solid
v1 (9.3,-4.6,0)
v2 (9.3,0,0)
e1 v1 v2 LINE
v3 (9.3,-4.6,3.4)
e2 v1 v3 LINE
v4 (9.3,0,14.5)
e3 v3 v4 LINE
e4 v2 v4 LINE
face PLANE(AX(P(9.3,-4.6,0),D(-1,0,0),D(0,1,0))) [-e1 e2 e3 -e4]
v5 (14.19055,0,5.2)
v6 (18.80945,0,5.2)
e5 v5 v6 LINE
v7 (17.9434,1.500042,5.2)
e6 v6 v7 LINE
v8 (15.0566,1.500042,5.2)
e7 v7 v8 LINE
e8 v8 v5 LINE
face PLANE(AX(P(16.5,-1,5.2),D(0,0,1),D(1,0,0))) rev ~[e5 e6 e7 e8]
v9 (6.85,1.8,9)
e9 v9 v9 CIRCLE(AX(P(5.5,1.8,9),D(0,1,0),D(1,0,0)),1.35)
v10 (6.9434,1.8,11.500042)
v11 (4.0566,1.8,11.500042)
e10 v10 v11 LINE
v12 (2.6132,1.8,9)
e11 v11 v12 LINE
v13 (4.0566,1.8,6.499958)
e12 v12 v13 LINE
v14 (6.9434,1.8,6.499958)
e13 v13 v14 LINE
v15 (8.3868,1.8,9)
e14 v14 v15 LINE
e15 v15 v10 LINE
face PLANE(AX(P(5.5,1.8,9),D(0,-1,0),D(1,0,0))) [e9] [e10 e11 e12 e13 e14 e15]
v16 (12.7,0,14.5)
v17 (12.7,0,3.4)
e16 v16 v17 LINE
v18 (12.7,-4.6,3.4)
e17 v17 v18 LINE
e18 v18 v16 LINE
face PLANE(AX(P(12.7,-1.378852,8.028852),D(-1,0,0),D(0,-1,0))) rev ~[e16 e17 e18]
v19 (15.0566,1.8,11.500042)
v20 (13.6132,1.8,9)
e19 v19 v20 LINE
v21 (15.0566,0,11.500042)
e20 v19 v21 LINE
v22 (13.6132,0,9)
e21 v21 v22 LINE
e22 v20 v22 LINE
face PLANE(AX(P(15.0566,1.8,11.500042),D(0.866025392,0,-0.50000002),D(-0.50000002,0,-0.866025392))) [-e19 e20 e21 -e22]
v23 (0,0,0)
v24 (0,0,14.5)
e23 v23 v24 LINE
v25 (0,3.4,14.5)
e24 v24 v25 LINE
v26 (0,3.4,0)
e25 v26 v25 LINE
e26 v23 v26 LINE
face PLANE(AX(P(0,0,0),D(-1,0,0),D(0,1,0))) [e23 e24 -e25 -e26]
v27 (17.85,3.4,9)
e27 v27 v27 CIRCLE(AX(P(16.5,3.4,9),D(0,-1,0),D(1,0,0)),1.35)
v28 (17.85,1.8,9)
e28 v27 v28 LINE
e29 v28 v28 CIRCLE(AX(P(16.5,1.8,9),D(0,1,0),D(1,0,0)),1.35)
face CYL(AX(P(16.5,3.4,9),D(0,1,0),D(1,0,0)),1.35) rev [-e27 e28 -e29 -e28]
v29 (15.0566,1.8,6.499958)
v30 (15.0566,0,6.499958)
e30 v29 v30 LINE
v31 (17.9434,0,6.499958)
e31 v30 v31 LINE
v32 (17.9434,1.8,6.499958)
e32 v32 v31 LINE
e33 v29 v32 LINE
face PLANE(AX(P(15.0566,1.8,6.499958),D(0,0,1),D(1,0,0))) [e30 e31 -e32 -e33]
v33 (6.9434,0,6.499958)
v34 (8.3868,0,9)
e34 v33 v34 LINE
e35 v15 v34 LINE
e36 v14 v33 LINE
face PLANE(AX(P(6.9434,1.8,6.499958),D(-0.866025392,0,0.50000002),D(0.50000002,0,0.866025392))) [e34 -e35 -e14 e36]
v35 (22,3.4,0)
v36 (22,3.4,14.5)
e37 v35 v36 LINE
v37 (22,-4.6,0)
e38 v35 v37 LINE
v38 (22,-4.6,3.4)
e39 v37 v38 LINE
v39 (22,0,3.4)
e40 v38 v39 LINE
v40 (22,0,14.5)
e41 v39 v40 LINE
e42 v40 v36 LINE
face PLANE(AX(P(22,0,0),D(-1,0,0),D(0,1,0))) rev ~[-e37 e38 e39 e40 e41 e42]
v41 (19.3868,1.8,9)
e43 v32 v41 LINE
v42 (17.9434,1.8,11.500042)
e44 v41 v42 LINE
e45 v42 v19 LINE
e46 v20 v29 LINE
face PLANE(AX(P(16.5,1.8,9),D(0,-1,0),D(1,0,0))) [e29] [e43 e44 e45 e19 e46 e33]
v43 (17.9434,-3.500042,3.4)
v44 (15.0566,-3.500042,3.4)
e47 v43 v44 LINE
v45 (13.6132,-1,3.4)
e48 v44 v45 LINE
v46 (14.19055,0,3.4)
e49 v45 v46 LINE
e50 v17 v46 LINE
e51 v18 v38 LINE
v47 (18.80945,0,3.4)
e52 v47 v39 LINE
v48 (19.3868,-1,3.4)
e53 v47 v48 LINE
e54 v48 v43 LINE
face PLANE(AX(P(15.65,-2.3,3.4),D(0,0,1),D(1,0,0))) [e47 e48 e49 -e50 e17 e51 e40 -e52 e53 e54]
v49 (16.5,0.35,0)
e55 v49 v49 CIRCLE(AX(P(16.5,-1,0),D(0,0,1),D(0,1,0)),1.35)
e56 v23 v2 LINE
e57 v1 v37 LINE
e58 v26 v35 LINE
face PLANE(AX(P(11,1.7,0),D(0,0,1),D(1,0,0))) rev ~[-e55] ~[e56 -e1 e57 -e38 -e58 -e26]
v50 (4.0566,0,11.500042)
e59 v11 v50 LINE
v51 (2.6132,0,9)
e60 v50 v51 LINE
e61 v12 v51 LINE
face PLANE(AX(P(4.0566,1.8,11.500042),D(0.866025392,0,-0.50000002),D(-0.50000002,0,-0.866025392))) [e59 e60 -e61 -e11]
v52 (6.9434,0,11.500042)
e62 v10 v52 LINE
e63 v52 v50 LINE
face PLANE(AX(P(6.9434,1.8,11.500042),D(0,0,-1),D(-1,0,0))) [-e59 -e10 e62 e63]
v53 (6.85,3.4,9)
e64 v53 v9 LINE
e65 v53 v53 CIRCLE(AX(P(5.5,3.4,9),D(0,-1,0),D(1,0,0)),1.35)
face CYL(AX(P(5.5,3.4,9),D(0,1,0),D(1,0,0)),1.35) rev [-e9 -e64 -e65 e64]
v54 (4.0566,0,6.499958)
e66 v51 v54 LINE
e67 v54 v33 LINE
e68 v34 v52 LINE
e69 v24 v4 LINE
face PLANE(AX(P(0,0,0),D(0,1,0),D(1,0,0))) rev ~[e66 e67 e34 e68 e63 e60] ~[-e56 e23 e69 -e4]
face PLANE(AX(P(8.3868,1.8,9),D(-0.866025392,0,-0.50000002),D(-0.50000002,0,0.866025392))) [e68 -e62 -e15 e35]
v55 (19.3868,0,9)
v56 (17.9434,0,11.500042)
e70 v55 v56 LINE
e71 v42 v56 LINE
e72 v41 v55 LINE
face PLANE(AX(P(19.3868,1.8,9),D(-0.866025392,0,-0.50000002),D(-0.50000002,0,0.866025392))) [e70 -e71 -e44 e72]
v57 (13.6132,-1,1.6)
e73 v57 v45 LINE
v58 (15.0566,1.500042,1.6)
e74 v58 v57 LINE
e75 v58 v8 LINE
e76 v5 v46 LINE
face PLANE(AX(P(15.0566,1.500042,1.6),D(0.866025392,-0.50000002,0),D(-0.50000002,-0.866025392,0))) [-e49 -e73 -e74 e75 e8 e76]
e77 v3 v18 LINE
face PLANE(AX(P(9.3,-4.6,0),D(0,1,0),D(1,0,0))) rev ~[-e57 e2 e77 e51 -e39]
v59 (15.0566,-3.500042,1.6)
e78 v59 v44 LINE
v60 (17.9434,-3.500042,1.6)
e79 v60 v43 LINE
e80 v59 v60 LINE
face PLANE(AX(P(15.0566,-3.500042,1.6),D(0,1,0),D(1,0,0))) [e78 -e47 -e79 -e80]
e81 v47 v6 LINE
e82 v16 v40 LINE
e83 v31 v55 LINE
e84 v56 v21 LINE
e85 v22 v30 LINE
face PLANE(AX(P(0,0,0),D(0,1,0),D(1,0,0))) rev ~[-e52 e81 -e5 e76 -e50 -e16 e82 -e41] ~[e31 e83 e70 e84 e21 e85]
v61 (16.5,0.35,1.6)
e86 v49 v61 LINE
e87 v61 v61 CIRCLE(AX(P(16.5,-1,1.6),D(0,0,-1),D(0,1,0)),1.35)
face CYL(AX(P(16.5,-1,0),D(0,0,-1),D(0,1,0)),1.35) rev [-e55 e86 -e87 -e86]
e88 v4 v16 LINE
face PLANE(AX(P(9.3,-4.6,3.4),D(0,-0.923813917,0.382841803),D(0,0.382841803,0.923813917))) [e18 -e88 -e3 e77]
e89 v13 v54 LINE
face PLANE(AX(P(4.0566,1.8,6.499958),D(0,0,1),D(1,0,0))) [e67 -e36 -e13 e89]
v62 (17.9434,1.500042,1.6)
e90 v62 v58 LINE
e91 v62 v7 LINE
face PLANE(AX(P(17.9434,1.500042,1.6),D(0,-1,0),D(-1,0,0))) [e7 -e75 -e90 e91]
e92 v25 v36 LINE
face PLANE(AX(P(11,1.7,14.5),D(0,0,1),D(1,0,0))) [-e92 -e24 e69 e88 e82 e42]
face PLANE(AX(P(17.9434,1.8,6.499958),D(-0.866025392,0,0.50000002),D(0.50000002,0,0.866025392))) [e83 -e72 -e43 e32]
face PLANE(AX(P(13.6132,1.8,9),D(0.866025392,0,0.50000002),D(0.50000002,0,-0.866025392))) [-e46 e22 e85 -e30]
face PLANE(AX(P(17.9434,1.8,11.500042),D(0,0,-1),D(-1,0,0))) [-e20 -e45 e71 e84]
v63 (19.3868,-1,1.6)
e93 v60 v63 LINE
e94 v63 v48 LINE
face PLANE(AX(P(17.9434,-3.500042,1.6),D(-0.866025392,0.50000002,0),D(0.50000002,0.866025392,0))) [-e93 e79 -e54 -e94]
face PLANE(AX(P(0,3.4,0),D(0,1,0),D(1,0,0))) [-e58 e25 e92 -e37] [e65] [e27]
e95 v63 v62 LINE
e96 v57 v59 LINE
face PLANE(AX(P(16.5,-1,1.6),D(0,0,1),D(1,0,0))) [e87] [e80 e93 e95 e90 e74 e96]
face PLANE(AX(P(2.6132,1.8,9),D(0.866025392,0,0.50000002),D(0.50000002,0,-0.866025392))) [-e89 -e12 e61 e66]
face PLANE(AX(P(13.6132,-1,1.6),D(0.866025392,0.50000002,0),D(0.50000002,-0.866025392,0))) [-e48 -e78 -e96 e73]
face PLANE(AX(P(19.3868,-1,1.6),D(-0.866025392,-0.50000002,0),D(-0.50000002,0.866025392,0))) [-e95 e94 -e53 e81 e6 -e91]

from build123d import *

# Parameters (mm, degrees)
EXTRUDE003_DEPTH  = 3.6
CYLINDER002_R     = 1.35
CYLINDER002_DEPTH = 3.4
EXTRUDE002_DEPTH  = 1.8
CYLINDER003_R     = 1.35
CYLINDER003_DEPTH = 3.4
EXTRUDE001_DEPTH  = 1.8
CYLINDER_R        = 1.35
CYLINDER_DEPTH    = 3.4
BOX_W             = 22
BOX_H             = 3.4
BOX_DEPTH         = 14.5
BOX001_W          = 12.7
BOX001_H          = 4.6
BOX001_DEPTH      = 3.4
EXTRUDE_DEPTH     = 3.4


with BuildPart() as extrude003:
    # Sketch003 → Extrude003 (new body)
    with BuildSketch(Plane(origin=(16.5, -1, 1.6), x_dir=(1, 0, 0), z_dir=(0, 0, 1))):
        Polygon((2.8868, 0), (1.4434, 2.500042), (-1.4434, 2.500042), (-2.8868, 0), (-1.4434, -2.500042), (1.4434, -2.500042), align=None)
    extrude(amount=EXTRUDE003_DEPTH)


with BuildPart() as hole03:
    # Cylinder002 → Cylinder002 (new body)
    with BuildSketch(Plane(origin=(16.5, -1, 0), x_dir=(0, 1, 0), z_dir=(0, 0, 1))):
        Circle(CYLINDER002_R)
    extrude(amount=CYLINDER002_DEPTH)

    # Fusion002: union Extrude003
    add(extrude003.part)


with BuildPart() as extrude002:
    # Sketch002 → Extrude002 (new body)
    with BuildSketch(Plane(origin=(16.5, 1.8, 9), x_dir=(1, 0, 0), z_dir=(0, -1, 0))):
        Polygon((2.8868, 0), (1.4434, 2.500042), (-1.4434, 2.500042), (-2.8868, 0), (-1.4434, -2.500042), (1.4434, -2.500042), align=None)
    extrude(amount=EXTRUDE002_DEPTH)


with BuildPart() as hole02:
    # Cylinder003 → Cylinder003 (new body)
    with BuildSketch(Plane(origin=(16.5, 3.4, 9), x_dir=(1, 0, 0), z_dir=(0, -1, 0))):
        Circle(CYLINDER003_R)
    extrude(amount=CYLINDER003_DEPTH)

    # Fusion001: union Extrude002
    add(extrude002.part)


with BuildPart() as extrude001:
    # Sketch001 → Extrude001 (new body)
    with BuildSketch(Plane(origin=(5.5, 1.8, 9), x_dir=(1, 0, 0), z_dir=(0, -1, 0))):
        Polygon((2.8868, 0), (1.4434, 2.500042), (-1.4434, 2.500042), (-2.8868, 0), (-1.4434, -2.500042), (1.4434, -2.500042), align=None)
    extrude(amount=EXTRUDE001_DEPTH)


with BuildPart() as hole01:
    # Cylinder → Cylinder (new body)
    with BuildSketch(Plane(origin=(5.5, 3.4, 9), x_dir=(1, 0, 0), z_dir=(0, -1, 0))):
        Circle(CYLINDER_R)
    extrude(amount=CYLINDER_DEPTH)

    # Fusion: union Extrude001
    add(extrude001.part)


with BuildPart() as cut001:
    # Box → Box (new body)
    with BuildSketch(Plane.XY):
        with Locations((11, 1.7)):
            Rectangle(BOX_W, BOX_H)
    extrude(amount=BOX_DEPTH)

    # Cut: cut Hole01
    add(hole01.part, mode=Mode.SUBTRACT)

    # Cut001: cut Hole02
    add(hole02.part, mode=Mode.SUBTRACT)


with BuildPart() as cut002:
    # Box001 → Box001 (new body)
    with BuildSketch(Plane(origin=(9.3, -4.6, 0), x_dir=(1, 0, 0), z_dir=(0, 0, 1))):
        with Locations((6.35, 2.3)):
            Rectangle(BOX001_W, BOX001_H)
    extrude(amount=BOX001_DEPTH)

    # Fusion003: union Cut001
    add(cut001.part)

    # Cut002: cut Hole03
    add(hole03.part, mode=Mode.SUBTRACT)


with BuildPart() as right_hand_bracket:
    # Sketch → Extrude (new body)
    with BuildSketch(Plane(origin=(0, 0, 3.4), x_dir=(0, 1, 0), z_dir=(1, 0, 0))):
        Polygon((0, 11.1), (0, 0), (-4.6, 0), align=None)
    extrude(amount=EXTRUDE_DEPTH)


with BuildPart() as right_hand_bracket_1:
    # Extrude placement: moved
    add(right_hand_bracket.part.moved(Location((9.3, 0, 0))))

    # Fusion004: union Cut002
    add(cut002.part)


solid = right_hand_bracket_1.part
